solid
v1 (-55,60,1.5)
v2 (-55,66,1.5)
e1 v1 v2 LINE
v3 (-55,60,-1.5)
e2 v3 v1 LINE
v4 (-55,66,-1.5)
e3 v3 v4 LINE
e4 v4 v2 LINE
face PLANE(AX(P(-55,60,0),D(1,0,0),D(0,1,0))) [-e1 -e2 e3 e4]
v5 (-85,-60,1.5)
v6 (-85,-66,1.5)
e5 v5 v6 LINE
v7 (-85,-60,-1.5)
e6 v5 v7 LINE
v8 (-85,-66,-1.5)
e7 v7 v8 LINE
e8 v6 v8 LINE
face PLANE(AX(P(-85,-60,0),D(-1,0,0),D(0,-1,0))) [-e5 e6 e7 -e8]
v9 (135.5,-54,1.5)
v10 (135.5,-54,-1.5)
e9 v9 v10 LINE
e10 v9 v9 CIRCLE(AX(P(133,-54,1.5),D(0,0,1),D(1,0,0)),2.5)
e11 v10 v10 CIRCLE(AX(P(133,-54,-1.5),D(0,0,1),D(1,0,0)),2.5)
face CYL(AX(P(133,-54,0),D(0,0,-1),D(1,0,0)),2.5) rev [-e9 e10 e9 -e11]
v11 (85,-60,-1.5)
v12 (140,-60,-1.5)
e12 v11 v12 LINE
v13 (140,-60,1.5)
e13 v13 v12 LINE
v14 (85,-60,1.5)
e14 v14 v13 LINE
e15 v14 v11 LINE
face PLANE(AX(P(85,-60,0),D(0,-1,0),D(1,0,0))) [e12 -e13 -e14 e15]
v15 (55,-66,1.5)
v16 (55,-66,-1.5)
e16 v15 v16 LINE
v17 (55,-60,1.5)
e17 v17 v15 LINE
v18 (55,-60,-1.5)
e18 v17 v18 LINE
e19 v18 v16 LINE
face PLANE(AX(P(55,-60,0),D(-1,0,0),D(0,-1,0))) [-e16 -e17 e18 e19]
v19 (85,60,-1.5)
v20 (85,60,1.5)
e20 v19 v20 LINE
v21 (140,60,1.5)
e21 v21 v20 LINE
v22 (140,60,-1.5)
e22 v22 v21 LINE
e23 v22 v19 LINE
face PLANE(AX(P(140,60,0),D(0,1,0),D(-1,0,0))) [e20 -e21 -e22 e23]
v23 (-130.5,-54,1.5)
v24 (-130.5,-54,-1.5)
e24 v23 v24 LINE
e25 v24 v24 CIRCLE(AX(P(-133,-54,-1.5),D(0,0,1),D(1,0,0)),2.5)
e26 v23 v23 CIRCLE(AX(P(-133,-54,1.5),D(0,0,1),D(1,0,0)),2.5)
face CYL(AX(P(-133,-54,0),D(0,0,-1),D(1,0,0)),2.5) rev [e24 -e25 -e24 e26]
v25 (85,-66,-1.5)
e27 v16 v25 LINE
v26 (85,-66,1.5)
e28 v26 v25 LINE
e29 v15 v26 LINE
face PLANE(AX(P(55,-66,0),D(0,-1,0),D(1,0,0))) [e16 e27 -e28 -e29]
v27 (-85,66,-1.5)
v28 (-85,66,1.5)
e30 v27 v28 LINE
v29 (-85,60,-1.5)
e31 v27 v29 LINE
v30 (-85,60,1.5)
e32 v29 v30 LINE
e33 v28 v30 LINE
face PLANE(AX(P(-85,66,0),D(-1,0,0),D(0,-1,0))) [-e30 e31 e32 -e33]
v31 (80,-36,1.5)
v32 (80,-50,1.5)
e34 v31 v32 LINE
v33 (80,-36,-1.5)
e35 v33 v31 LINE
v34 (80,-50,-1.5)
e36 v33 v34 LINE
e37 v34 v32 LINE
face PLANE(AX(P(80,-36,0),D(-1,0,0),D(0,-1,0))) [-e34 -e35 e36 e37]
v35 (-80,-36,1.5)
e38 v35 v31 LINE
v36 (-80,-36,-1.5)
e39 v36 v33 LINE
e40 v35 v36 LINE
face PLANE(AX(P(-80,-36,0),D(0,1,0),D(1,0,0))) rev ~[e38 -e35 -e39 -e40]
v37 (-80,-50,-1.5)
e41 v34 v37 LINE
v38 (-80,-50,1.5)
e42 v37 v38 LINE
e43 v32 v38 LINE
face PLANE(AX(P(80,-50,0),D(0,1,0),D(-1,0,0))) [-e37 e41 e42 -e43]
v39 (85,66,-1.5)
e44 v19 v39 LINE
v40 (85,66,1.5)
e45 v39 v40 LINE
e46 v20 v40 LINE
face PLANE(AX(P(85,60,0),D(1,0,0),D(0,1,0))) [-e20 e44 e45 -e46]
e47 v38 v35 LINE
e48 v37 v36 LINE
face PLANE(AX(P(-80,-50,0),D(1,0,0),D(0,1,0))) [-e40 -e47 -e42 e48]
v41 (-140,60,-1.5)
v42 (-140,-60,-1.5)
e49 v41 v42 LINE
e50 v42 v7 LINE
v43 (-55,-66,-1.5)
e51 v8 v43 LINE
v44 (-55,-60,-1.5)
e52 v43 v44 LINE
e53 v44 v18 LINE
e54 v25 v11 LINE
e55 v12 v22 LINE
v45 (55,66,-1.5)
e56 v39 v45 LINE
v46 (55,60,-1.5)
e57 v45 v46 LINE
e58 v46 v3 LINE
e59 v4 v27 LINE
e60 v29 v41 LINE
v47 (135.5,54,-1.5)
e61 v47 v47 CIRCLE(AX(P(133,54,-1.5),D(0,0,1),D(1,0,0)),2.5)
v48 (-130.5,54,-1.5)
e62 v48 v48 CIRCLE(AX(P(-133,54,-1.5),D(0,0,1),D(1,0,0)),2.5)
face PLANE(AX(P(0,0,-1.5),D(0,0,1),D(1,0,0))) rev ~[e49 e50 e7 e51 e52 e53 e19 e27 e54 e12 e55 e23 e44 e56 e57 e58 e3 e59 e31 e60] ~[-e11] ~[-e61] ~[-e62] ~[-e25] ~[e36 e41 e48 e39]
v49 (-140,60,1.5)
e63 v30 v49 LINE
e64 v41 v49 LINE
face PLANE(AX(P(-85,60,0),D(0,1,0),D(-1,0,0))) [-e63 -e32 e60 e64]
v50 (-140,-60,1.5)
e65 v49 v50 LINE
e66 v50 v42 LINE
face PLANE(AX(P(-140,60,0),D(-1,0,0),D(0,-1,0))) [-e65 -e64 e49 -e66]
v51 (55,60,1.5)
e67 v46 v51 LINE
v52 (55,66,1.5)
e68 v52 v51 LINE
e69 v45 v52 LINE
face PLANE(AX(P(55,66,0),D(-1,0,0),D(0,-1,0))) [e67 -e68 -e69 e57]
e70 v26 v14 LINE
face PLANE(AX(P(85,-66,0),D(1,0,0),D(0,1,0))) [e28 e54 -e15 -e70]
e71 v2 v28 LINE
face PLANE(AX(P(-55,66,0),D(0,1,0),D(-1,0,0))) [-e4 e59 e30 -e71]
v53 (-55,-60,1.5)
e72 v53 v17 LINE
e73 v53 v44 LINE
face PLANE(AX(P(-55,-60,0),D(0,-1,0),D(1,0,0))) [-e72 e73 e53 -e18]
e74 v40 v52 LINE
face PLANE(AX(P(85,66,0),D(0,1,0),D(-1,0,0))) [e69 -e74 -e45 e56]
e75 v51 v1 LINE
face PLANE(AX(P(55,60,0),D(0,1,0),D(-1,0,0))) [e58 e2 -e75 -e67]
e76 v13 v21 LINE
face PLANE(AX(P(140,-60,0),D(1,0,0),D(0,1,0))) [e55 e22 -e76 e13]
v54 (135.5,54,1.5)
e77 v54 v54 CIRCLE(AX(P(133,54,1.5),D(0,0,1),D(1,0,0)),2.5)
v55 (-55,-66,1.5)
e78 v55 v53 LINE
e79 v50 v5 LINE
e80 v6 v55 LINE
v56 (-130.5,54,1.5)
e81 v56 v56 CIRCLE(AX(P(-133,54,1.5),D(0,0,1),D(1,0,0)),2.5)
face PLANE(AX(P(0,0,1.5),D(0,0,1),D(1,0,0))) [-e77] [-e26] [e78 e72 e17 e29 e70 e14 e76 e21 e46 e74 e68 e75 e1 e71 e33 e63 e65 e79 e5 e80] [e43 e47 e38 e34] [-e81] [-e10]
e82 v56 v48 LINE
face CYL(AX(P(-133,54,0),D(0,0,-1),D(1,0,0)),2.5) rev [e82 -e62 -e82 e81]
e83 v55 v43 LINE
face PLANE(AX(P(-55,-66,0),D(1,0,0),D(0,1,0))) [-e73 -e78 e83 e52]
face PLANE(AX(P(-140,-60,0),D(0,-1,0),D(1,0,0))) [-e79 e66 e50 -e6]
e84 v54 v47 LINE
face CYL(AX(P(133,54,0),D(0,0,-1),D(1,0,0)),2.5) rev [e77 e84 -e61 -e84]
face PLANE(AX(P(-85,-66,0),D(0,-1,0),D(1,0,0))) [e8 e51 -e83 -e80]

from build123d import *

# Parameters (mm, degrees)
F0_R     = 2.5
F1_DEPTH = 1.5


with BuildPart() as f1:
    # F0 (on Top) → F1 (new body, symmetric)
    with BuildSketch(Plane.XY):
        Polygon((140, -60), (140, 60), (85, 60), (85, 66), (55, 66), (55, 60), (-55, 60), (-55, 66), (-85, 66), (-85, 60), (-140, 60), (-140, -60), (-85, -60), (-85, -66), (-55, -66), (-55, -60), (55, -60), (55, -66), (85, -66), (85, -60), align=None)
        with Locations((-133, -54)):
            Circle(F0_R, mode=Mode.SUBTRACT)
        Polygon((15, -50), (0, -50), (-15, -50), (-80, -50), (-80, -36), (80, -36), (80, -50), align=None, mode=Mode.SUBTRACT)
        with Locations((133, -54)):
            Circle(F0_R, mode=Mode.SUBTRACT)
        with Locations((-133, 54)):
            Circle(F0_R, mode=Mode.SUBTRACT)
        with Locations((133, 54)):
            Circle(F0_R, mode=Mode.SUBTRACT)
    extrude(amount=F1_DEPTH, both=True)


solid = f1.part
